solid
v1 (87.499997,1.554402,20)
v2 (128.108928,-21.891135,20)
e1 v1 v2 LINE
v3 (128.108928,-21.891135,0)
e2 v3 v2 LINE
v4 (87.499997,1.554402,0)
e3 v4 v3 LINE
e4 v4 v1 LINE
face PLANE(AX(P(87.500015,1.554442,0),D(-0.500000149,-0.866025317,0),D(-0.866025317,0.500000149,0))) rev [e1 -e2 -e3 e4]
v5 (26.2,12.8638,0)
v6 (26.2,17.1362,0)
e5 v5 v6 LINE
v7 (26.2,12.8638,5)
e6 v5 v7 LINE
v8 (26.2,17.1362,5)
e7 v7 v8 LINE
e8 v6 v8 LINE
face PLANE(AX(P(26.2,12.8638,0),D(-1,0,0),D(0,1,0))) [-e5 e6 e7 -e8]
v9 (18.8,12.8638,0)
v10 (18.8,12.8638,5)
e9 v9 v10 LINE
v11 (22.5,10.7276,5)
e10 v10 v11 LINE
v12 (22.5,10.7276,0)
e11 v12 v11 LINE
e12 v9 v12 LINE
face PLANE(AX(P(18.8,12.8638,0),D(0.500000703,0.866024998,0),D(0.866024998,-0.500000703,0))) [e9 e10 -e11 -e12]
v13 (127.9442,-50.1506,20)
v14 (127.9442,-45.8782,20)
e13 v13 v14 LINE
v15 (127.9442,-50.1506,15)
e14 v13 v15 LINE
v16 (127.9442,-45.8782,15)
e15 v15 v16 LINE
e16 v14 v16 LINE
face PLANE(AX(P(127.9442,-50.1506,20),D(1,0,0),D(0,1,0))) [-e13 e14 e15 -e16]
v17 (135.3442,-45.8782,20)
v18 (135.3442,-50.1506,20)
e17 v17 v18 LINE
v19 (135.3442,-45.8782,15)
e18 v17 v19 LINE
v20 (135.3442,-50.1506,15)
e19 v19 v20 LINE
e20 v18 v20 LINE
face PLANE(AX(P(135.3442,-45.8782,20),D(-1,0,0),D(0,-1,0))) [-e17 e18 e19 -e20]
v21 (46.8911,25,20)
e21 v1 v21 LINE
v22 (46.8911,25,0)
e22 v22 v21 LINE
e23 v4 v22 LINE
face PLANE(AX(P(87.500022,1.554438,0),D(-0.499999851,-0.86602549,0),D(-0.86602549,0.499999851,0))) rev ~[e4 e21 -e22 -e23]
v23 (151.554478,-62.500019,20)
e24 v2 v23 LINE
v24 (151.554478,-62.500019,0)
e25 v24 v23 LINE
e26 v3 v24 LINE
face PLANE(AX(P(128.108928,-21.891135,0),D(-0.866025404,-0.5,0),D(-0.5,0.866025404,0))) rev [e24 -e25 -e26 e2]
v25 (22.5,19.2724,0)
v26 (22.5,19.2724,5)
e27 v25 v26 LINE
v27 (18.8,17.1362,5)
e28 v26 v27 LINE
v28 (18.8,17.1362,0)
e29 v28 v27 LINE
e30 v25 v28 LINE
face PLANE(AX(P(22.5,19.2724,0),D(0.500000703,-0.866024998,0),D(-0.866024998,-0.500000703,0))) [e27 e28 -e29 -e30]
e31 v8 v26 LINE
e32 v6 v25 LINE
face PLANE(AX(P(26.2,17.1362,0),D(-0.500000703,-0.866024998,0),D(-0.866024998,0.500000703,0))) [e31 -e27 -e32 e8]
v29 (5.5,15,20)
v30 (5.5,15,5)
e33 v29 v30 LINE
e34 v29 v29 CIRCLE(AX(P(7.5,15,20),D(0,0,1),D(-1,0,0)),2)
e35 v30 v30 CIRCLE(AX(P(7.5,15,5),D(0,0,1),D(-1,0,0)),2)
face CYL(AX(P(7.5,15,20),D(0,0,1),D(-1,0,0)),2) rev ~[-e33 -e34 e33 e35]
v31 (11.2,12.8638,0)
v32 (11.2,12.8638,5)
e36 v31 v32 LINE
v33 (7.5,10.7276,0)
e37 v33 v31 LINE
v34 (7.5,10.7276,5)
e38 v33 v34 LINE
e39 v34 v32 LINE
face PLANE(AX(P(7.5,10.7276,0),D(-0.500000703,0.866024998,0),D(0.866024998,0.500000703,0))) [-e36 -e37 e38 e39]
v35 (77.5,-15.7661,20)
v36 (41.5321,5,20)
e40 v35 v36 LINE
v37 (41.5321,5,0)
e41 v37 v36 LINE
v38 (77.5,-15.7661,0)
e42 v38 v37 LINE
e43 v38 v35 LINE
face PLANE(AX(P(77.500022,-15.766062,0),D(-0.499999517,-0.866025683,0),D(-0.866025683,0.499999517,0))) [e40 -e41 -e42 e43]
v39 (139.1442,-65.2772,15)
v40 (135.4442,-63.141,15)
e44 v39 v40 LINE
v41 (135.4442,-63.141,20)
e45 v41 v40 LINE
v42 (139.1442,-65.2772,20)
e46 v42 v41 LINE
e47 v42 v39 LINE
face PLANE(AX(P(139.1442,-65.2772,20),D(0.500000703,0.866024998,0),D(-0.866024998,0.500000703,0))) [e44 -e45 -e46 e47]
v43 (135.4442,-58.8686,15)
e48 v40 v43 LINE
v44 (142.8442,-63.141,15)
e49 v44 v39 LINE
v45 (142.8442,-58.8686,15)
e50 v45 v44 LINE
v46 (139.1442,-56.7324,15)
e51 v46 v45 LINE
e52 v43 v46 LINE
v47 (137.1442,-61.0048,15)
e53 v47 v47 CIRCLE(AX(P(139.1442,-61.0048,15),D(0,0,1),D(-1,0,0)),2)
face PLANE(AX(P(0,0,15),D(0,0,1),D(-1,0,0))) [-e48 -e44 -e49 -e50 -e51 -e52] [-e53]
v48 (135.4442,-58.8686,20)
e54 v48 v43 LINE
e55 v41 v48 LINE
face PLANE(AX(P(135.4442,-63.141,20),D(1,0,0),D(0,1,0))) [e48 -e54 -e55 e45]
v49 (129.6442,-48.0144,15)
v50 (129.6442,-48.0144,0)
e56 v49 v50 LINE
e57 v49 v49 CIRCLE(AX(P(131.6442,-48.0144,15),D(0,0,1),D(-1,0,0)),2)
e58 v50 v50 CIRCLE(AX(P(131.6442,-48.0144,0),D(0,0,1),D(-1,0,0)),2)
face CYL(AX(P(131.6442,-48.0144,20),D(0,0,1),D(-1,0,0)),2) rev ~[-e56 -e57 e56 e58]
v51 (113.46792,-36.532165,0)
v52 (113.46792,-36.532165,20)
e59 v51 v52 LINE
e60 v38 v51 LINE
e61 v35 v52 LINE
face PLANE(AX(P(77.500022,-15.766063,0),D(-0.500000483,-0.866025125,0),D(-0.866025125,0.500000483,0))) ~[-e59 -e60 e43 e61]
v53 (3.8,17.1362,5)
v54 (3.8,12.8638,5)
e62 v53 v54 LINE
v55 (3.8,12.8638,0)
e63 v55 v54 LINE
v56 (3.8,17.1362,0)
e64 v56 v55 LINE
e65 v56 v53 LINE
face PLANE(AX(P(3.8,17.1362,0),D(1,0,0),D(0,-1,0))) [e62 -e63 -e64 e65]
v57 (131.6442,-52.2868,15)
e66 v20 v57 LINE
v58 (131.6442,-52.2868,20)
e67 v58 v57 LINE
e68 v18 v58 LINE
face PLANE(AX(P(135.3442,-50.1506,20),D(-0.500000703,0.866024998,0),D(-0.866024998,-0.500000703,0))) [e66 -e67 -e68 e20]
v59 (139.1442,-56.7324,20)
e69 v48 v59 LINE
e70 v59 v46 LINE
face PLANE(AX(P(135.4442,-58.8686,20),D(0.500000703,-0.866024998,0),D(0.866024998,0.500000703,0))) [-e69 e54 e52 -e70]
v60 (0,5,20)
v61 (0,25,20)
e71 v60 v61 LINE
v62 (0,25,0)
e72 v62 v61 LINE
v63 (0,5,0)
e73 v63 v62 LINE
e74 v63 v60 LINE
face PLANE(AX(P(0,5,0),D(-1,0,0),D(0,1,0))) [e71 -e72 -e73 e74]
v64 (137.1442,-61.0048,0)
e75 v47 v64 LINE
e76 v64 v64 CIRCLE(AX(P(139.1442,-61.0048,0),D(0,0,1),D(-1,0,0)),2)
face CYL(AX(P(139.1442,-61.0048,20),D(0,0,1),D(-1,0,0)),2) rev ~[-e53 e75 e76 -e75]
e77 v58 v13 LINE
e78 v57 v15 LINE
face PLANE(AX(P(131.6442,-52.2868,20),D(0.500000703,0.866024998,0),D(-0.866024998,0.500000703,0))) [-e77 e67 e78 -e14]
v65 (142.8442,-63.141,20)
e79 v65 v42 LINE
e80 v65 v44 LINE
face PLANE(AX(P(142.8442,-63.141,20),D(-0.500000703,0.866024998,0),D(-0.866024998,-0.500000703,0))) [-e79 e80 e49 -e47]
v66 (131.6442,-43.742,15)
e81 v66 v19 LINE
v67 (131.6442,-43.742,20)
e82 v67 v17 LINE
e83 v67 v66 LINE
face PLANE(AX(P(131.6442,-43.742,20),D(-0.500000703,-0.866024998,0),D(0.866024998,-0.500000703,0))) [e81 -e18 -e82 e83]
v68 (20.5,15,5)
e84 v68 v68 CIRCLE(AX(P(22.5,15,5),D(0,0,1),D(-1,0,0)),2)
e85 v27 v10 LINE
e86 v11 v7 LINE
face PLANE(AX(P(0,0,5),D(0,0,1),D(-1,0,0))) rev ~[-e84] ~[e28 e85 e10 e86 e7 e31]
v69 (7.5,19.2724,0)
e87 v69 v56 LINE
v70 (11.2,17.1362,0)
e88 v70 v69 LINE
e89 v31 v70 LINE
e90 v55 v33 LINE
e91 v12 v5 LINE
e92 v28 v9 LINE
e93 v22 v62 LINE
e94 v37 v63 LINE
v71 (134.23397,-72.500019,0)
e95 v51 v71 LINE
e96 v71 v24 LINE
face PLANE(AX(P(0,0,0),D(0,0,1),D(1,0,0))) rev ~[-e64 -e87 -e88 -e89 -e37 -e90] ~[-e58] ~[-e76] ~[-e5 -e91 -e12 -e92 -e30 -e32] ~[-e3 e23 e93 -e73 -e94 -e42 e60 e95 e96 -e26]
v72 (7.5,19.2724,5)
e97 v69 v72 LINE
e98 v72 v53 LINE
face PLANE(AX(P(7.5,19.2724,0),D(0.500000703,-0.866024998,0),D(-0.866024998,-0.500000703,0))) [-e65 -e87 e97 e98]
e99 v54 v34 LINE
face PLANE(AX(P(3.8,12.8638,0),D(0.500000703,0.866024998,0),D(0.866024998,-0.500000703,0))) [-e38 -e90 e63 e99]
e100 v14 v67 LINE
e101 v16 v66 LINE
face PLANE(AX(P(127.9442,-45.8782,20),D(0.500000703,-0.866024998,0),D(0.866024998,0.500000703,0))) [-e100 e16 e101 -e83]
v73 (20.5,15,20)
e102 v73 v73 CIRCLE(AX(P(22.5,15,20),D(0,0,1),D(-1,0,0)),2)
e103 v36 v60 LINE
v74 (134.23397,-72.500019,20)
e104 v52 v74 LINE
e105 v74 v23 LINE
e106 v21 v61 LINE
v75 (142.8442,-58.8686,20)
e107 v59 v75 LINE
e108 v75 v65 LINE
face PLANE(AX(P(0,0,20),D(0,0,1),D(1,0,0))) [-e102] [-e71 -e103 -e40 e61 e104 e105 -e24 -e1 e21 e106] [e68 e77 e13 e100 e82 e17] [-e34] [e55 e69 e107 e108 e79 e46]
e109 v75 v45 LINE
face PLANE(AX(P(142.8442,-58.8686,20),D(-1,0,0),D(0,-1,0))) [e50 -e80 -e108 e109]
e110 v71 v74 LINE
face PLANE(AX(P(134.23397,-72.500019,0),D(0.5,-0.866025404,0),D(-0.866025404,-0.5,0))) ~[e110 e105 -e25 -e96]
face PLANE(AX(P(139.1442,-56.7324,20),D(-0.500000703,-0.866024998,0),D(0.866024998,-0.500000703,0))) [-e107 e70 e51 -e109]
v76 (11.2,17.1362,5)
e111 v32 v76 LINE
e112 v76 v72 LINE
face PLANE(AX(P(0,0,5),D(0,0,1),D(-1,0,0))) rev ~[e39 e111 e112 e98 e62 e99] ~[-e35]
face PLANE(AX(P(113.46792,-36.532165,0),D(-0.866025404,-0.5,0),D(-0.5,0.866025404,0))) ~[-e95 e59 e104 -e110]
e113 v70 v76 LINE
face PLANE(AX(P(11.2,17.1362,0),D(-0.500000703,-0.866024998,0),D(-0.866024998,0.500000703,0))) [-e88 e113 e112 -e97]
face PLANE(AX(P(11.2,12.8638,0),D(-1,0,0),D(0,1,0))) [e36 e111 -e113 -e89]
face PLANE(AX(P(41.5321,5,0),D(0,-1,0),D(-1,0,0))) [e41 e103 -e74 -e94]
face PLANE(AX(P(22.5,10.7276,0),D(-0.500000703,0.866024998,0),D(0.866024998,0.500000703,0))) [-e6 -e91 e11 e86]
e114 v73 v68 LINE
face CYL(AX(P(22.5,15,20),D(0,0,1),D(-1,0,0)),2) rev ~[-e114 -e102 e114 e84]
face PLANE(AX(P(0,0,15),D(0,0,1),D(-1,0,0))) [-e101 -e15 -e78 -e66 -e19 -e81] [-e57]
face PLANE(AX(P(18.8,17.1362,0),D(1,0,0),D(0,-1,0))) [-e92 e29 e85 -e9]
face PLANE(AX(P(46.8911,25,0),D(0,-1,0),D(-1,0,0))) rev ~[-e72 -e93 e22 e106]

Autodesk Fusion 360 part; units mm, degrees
sketch "Sketch1" plane through (0, 0, 0) normal (0, 0, 1) x (1, 0, 0)
  line L0 (151.5544, -62.5) -> (128.1089, -21.8911)
  line L1 (128.1089, -21.8911) -> (46.8911, 25)
  line L2 (46.8911, 25) -> (0, 25)
  line L3 (0, 0) -> (0, 25)
  arc A0 (129.9038, -75) -> (0, 0) centre (0, -150) ccw
  line L4 (151.5544, -62.5) -> (129.9038, -75)
  line L5 (113.4679, -36.5321) -> (41.5321, 5)
  line L6 (41.5321, 5) -> (0, 5)
  line L7 (134.2339, -72.5) -> (113.4679, -36.5321)
  line L8 (77.5, -15.7661) -> (87.5, 1.5544)
  point P0 (0, -150)
  point P1 (0, -150)
  dimension "d1" = 300
  dimension "d4" = 150
  dimension "d5" = 150
  dimension "d14" = 25
  dimension "d15" = 25
  dimension "d16" = 60
  dimension "d17" = 175
  dimension "d30" = 20
  dimension "d31" = 20
  dimension "d32" = 20
extrude "Extrude1" add sketch "Sketch1" along normal blind 20 contours L1 L2 L3 L5 L6 L8
mirror "Mirror2" about plane through (77.5, -15.7661, 0) normal (-0.866, 0.5, 0) of bodies 1 merged
sketch "Sketch4" plane through (0, 0, 20) normal (0, 0, 1) x (-1, 0, 0)
  line L0 (-128.1089, 21.8911) -> (-46.8911, -25)
  line L1 (-46.8911, -25) -> (0, -25)
  line L2 (-41.5321, -5) -> (-41.5321, -25) construction
  line L3 (-41.5321, -15) -> (0, -15) construction
  circle A0 centre (-7.5, -15) radius 2
  circle A1 centre (-22.5, -15) radius 2
  line L4 (-3.8, -17.1362) -> (-3.8, -12.8638)
  line L5 (-3.8, -12.8638) -> (-7.5, -10.7276)
  line L6 (-7.5, -10.7276) -> (-11.2, -12.8638)
  line L7 (-11.2, -12.8638) -> (-11.2, -17.1362)
  line L8 (-11.2, -17.1362) -> (-7.5, -19.2724)
  line L9 (-7.5, -19.2724) -> (-3.8, -17.1362)
  line L10 (-18.8, -17.1362) -> (-18.8, -12.8638)
  line L11 (-18.8, -12.8638) -> (-22.5, -10.7276)
  line L12 (-22.5, -10.7276) -> (-26.2, -12.8638)
  line L13 (-26.2, -12.8638) -> (-26.2, -17.1362)
  line L14 (-26.2, -17.1362) -> (-22.5, -19.2724)
  line L15 (-22.5, -19.2724) -> (-18.8, -17.1362)
  line L16 (0, -5) -> (-41.5321, -5)
  line L17 (-41.5321, -5) -> (-113.4679, 36.5321)
  line L18 (0, -25) -> (0, -5)
  line L19 (-113.4679, 36.5321) -> (-134.2339, 72.5)
  line L20 (-134.2339, 72.5) -> (-151.5544, 62.5)
  line L21 (-151.5544, 62.5) -> (-128.1089, 21.8911)
  line L22 (-77.5, 15.7661) -> (-87.5, -1.5544) construction
  line L23 (-142.8442, 58.8686) -> (-142.8442, 63.141)
  line L24 (-139.1442, 56.7324) -> (-142.8442, 58.8686)
  line L25 (-135.4442, 58.8686) -> (-139.1442, 56.7324)
  line L26 (-135.4442, 63.141) -> (-135.4442, 58.8686)
  line L27 (-139.1442, 65.2772) -> (-135.4442, 63.141)
  line L28 (-142.8442, 63.141) -> (-139.1442, 65.2772)
  line L29 (-131.6442, 52.2868) -> (-127.9442, 50.1506)
  line L30 (-135.3442, 50.1506) -> (-131.6442, 52.2868)
  line L31 (-135.3442, 45.8782) -> (-135.3442, 50.1506)
  line L32 (-131.6442, 43.742) -> (-135.3442, 45.8782)
  line L33 (-127.9442, 45.8782) -> (-131.6442, 43.742)
  line L34 (-127.9442, 50.1506) -> (-127.9442, 45.8782)
  circle A2 centre (-139.1442, 61.0048) radius 2
  circle A3 centre (-131.6442, 48.0144) radius 2
  point P0 (-7.5, -15)
  point P1 (-22.5, -15)
  dimension "d18" = 4
  dimension "d19" = 7.5
  dimension "d20" = 15
  dimension "d21" = 7.4
extrude "Extrude4" cut sketch "Sketch4" against normal through all contours A0 | A1 | A2 | A3
extrude "Extrude5" cut sketch "Sketch4" along normal blind 5 from surface at -20 contours L4 L5 L6 L7 L8 L9 | L10 L11 L12 L13 L14 L15
extrude "Extrude6" cut sketch "Sketch4" against normal blind 5 contours L23 L24 L25 L26 L27 L28 | L29 L30 L31 L32 L33 L34
equation "d21 = 7 mm + 2 * gap"
equation "gap = 0.2 mm"
